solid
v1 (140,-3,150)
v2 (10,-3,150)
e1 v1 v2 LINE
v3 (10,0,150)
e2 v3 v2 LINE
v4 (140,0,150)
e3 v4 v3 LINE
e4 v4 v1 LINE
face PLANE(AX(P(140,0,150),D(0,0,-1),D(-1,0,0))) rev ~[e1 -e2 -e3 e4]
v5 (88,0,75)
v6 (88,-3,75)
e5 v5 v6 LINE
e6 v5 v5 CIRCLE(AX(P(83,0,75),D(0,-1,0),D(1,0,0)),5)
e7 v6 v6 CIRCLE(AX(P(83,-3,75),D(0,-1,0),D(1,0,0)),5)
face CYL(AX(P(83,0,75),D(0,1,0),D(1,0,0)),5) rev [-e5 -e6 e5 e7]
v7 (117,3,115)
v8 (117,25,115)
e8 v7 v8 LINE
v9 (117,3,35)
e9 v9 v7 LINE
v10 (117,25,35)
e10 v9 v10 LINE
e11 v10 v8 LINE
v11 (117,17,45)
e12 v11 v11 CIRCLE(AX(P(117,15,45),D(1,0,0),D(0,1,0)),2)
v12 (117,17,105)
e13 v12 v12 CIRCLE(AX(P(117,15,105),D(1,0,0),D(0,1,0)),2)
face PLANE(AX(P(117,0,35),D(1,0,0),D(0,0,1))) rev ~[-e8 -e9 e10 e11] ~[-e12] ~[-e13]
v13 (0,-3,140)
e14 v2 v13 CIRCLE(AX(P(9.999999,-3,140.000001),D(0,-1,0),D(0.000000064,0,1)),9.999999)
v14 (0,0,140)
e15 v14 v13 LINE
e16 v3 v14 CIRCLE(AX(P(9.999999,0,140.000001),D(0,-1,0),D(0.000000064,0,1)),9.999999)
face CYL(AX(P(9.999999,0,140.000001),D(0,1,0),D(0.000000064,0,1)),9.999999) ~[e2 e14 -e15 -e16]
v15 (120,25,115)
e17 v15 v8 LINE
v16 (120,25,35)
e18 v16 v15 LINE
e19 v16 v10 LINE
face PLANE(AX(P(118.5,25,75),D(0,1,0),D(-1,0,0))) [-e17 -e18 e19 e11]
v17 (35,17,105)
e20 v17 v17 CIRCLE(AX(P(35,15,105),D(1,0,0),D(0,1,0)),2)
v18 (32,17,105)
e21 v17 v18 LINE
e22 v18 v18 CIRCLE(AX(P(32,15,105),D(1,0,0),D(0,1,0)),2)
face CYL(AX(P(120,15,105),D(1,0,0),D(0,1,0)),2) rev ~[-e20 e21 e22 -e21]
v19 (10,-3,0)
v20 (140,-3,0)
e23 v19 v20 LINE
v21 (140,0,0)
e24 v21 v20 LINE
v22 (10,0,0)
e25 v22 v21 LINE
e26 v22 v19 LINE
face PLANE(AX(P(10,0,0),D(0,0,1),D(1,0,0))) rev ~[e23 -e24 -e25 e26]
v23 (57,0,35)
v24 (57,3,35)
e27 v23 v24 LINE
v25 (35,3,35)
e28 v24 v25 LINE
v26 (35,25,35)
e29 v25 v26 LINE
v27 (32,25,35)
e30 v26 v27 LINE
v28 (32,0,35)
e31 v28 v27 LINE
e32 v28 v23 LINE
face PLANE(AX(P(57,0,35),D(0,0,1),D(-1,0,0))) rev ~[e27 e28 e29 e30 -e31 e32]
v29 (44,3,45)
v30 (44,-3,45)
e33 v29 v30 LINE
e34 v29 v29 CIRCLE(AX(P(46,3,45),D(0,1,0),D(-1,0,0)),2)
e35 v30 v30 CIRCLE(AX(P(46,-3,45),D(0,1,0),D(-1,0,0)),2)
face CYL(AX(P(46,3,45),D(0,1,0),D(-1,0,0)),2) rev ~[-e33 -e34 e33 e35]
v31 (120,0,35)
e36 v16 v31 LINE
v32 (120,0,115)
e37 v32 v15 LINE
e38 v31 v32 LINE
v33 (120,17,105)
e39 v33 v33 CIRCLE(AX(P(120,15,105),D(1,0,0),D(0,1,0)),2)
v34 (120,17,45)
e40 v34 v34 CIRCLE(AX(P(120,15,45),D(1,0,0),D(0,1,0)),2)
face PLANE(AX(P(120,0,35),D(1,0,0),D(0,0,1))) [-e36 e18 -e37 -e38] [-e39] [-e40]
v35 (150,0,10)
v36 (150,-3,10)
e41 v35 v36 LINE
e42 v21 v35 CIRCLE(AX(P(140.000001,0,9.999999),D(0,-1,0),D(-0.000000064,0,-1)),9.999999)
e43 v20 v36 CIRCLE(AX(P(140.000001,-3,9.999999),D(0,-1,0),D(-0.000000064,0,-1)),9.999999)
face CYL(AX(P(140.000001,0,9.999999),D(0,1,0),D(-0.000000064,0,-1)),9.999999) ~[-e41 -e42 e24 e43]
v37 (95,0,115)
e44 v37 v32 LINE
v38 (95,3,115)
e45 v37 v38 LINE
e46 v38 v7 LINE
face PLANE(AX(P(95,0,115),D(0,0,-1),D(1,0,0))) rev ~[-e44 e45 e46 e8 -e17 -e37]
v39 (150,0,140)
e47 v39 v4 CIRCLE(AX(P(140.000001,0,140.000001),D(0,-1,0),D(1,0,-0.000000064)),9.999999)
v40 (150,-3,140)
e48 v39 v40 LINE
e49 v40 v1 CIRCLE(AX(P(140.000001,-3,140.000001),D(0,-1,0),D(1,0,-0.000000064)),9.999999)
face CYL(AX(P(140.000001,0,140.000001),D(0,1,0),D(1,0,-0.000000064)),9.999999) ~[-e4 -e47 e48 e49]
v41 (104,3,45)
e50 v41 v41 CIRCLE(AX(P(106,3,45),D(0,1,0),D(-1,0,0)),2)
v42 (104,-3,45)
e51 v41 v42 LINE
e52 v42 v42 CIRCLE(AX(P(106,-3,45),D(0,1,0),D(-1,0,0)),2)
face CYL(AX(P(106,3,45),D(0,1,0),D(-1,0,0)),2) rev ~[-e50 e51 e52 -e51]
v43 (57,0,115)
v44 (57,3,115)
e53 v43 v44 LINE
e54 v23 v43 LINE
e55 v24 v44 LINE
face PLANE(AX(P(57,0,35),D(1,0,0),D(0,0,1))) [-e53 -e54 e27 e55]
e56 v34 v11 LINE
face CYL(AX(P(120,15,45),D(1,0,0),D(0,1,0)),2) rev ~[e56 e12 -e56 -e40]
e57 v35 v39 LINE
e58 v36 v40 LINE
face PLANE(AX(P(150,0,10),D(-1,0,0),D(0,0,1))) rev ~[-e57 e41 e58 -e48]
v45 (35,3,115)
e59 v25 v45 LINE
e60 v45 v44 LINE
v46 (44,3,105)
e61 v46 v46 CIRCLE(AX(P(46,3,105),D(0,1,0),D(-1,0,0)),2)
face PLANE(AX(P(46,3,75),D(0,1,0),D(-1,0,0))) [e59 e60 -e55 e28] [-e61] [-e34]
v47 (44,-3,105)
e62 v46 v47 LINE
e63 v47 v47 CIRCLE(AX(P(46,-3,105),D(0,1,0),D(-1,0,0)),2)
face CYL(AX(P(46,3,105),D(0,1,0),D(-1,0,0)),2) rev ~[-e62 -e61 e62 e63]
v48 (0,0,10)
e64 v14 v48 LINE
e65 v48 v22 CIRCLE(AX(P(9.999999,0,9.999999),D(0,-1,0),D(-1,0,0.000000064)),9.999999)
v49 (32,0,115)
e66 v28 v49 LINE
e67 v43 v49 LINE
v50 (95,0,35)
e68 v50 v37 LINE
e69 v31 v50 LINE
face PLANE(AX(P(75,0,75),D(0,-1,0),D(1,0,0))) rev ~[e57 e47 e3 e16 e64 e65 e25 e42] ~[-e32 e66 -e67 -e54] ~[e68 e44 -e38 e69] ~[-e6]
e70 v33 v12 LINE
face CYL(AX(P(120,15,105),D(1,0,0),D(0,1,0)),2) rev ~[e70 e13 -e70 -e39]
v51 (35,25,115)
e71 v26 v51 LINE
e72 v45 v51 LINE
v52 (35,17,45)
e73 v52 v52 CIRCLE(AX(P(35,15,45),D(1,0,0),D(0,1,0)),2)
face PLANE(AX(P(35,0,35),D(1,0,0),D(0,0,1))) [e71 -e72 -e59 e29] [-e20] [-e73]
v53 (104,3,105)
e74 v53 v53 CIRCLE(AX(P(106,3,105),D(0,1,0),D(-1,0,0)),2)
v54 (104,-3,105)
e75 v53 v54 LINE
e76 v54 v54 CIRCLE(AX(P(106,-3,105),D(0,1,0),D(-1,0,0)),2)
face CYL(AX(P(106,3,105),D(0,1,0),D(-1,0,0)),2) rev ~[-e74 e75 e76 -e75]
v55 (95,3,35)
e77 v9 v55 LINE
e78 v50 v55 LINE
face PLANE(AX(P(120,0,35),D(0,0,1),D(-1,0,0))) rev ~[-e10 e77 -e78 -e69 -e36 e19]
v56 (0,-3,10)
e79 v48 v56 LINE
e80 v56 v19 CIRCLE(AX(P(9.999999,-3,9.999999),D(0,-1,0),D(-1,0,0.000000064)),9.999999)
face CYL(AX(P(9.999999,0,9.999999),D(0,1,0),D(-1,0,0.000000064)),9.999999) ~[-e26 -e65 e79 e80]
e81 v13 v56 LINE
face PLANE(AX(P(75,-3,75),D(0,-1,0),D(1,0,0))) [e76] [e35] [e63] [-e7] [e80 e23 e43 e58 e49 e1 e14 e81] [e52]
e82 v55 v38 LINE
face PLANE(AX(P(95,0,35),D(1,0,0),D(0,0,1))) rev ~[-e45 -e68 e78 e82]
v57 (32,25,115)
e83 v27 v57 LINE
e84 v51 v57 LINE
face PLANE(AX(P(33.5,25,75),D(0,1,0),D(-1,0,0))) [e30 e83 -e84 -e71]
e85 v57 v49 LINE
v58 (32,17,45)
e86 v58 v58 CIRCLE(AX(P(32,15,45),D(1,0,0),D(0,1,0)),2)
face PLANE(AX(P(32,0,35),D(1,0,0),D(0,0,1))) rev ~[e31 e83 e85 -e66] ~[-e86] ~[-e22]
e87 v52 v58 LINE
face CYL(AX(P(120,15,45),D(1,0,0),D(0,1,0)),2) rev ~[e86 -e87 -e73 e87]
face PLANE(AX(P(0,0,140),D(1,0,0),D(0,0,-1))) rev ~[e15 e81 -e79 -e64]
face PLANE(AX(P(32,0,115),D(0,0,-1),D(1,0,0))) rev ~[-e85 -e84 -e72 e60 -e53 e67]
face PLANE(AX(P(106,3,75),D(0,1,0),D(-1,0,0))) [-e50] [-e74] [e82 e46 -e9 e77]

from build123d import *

# Parameters (mm, degrees)
F0_R     = 5
F1_DEPTH = 3
F2_W     = 3
F2_H     = 80
F3_DEPTH = 25
F2_W_2   = 22
F4_DEPTH = 3
F5_R     = 2
F6_DEPTH = 150
F7_R     = 2
F8_DEPTH = 25


with BuildPart() as f1:
    # F0 (on Front) → F1 (new body)
    with BuildSketch(Plane.XZ):
        with BuildLine():
            ThreePointArc((0, 10), (2.928932, 2.928932), (10, 0))
            Line((10, 0), (140, 0))
            ThreePointArc((140, 0), (147.071068, 2.928932), (150, 10))
            Line((150, 10), (150, 140))
            ThreePointArc((150, 140), (147.071068, 147.071068), (140, 150))
            Line((140, 150), (10, 150))
            ThreePointArc((10, 150), (2.928932, 147.071068), (0, 140))
            Line((0, 140), (0, 10))
        make_face()
        with Locations((83, 75)):
            Circle(F0_R, mode=Mode.SUBTRACT)
    extrude(amount=F1_DEPTH)

    # F2 (on face) → F3 (join)
    with BuildSketch(Plane(origin=(0, 0, 0), x_dir=(-1, 0, 0), z_dir=(0, 1, 0))):
        with Locations((-118.5, 75)):
            Rectangle(F2_W, F2_H)
        with Locations((-33.5, 75)):
            Rectangle(F2_W, F2_H)
    extrude(amount=F3_DEPTH)

    # F2 (on face) → F4 (join)
    with BuildSketch(Plane(origin=(0, 0, 0), x_dir=(-1, 0, 0), z_dir=(0, 1, 0))):
        with Locations((-106, 75)):
            Rectangle(F2_W_2, F2_H)
        with Locations((-118.5, 75)):
            Rectangle(F2_W, F2_H)
        with Locations((-46, 75)):
            Rectangle(F2_W_2, F2_H)
        with Locations((-33.5, 75)):
            Rectangle(F2_W, F2_H)
    extrude(amount=F4_DEPTH)

    # F5 (on face) → F6 (cut)
    with BuildSketch(Plane.YZ.offset(120)):
        with Locations((15, 105)):
            Circle(F5_R)
        with Locations((15, 45)):
            Circle(F5_R)
    extrude(amount=-F6_DEPTH, mode=Mode.SUBTRACT)

    # F7 (on face) → F8 (cut)
    with BuildSketch(Plane(origin=(0, 3, 0), x_dir=(-1, 0, 0), z_dir=(0, 1, 0))):
        with Locations((-46, 45)):
            Circle(F7_R)
        with Locations((-46, 105)):
            Circle(F7_R)
        with Locations((-106, 45)):
            Circle(F7_R)
        with Locations((-106, 105)):
            Circle(F7_R)
    extrude(amount=-F8_DEPTH, mode=Mode.SUBTRACT)


solid = f1.part
